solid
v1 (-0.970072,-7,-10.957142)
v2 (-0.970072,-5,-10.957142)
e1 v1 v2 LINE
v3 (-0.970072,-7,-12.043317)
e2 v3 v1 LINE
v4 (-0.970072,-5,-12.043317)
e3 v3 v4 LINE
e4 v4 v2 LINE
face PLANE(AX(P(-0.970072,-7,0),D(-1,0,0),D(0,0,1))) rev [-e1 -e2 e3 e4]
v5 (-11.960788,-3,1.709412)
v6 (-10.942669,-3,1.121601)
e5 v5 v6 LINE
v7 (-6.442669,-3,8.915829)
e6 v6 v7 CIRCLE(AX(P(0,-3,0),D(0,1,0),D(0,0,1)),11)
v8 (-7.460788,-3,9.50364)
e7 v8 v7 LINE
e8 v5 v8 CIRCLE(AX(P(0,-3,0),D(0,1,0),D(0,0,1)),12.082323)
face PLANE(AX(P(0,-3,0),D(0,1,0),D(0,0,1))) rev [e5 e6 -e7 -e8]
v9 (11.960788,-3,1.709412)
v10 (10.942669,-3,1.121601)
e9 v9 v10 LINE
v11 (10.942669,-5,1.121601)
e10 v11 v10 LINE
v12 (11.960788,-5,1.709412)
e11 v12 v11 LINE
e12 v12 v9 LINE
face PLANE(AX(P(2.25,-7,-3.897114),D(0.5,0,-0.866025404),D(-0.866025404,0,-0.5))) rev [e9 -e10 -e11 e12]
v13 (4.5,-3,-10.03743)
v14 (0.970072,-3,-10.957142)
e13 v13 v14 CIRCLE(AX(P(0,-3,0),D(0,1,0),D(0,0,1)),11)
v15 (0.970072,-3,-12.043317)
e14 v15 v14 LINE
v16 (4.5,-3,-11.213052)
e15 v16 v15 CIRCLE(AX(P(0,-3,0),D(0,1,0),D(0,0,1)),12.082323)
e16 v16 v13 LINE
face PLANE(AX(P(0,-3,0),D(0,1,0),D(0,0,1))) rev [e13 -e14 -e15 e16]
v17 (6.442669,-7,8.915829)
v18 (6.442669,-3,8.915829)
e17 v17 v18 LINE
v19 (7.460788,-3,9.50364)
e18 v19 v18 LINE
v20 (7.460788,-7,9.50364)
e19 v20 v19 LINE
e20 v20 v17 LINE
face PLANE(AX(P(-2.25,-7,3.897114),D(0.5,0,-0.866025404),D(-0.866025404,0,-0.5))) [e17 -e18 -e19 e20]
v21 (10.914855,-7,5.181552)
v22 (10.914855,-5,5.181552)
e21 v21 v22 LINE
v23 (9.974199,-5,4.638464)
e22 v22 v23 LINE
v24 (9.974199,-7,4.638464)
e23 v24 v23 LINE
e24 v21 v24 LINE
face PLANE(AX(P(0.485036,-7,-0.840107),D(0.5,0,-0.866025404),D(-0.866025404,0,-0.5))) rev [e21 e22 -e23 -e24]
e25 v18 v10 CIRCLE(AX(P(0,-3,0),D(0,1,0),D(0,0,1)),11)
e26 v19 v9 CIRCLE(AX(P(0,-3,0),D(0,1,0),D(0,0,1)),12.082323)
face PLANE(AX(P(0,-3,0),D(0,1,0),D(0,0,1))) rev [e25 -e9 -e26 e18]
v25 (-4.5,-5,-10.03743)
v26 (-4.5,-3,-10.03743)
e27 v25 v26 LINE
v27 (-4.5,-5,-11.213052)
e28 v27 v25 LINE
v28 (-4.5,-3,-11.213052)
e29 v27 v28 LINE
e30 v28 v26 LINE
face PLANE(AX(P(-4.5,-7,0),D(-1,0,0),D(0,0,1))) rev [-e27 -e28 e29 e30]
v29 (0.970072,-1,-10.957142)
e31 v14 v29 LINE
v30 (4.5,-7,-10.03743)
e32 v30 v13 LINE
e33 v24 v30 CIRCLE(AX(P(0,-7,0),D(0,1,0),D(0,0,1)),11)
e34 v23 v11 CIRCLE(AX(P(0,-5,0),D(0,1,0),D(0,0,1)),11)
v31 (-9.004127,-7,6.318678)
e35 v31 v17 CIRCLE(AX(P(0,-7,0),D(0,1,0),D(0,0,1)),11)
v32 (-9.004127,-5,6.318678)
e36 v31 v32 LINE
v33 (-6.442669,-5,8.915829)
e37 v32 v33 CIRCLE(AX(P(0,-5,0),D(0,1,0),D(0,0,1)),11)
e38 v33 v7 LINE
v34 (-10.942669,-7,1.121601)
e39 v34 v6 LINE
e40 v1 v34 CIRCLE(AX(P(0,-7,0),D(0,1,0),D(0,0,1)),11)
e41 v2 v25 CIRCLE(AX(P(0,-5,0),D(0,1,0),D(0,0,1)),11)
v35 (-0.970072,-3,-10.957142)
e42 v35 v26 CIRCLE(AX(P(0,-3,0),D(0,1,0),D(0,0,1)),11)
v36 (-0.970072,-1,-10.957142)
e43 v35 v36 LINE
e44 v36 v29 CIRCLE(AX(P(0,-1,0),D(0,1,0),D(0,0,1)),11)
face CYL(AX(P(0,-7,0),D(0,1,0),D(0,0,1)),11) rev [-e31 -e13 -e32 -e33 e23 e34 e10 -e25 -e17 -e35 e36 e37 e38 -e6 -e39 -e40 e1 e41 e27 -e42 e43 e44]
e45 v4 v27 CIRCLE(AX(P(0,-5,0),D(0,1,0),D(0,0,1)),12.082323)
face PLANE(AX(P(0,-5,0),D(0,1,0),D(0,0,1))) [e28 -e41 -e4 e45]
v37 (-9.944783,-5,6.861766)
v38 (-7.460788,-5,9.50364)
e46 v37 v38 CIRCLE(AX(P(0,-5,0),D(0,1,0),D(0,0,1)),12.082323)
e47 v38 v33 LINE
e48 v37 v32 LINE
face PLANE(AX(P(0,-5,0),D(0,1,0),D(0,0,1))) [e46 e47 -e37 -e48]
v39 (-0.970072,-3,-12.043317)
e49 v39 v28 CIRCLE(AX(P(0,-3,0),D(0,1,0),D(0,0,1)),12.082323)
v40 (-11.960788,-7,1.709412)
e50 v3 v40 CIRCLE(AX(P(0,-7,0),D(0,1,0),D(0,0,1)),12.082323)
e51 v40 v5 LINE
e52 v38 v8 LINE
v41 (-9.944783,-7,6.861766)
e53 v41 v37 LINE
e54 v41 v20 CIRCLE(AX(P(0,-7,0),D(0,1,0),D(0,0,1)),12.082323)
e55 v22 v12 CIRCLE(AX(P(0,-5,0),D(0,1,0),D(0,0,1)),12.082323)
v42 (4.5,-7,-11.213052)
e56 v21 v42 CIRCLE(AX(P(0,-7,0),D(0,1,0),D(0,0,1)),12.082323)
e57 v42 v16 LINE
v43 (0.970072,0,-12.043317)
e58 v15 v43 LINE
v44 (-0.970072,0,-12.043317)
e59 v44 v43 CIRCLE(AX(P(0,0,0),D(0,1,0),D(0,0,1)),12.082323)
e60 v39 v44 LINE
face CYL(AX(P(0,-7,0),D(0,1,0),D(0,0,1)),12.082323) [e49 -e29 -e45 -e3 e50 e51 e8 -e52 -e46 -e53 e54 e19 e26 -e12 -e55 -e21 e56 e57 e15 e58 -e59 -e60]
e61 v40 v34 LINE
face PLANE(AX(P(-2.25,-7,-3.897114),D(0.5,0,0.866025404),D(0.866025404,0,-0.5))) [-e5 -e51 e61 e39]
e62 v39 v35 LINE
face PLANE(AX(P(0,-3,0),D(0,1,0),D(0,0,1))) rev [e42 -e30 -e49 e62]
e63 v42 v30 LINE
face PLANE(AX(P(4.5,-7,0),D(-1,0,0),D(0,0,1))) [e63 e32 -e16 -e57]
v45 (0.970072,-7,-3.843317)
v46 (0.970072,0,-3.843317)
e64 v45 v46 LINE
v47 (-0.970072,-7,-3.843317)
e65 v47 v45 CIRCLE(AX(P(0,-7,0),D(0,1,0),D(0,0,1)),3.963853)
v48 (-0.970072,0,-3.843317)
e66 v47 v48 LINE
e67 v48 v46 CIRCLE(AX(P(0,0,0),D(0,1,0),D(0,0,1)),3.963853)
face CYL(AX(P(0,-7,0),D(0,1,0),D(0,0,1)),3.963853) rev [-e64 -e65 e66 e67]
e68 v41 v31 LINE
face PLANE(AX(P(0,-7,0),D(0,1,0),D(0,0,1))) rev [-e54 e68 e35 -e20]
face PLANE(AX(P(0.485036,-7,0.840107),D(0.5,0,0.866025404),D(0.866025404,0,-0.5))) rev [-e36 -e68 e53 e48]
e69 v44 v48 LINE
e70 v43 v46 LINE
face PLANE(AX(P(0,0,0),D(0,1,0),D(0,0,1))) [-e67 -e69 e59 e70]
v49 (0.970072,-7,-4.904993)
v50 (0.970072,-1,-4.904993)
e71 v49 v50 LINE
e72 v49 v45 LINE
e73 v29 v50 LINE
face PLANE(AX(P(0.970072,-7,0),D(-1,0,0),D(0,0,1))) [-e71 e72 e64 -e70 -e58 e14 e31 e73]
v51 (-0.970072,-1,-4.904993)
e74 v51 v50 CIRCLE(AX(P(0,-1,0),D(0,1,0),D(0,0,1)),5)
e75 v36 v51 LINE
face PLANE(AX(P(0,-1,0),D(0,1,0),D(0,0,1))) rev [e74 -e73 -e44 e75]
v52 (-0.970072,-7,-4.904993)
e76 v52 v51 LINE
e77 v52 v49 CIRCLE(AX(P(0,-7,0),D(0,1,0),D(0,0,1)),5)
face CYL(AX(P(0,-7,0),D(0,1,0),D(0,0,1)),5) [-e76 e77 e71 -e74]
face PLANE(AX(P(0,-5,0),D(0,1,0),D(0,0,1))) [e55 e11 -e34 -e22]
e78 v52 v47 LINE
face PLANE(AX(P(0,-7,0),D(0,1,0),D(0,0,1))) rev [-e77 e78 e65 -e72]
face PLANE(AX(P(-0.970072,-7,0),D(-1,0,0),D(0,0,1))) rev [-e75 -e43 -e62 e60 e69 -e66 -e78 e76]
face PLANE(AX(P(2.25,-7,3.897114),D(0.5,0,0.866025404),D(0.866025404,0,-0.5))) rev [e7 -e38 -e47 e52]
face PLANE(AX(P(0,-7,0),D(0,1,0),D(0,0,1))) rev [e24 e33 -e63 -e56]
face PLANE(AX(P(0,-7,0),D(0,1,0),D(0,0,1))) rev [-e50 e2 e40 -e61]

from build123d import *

# Parameters (mm, degrees)
BOSS_EXTRUDE3_DEPTH = 7
BOSS_EXTRUDE4_DEPTH = 1
BOSS_EXTRUDE5_DEPTH = 7
BOSS_EXTRUDE6_DEPTH = 3
BOSS_EXTRUDE7_START = -5
BOSS_EXTRUDE7_DEPTH = 2


with BuildPart() as part:
    # Sketch1 → Boss-Extrude3 (new body)
    with BuildSketch(Plane(origin=(0, 0, 0), x_dir=(1, 0, 0), z_dir=(0, 1, 0))):
        with BuildLine():
            Line((0.970071849, 4.904993436), (0.970071849, 3.843317436))
            ThreePointArc((0.970071849, 3.843317436), (0, -3.96385271), (-0.970071849, 3.843317436))
            Line((-0.970071849, 3.843317436), (-0.970071849, 4.904993436))
            ThreePointArc((-0.970071849, 4.904993436), (0, -5), (0.970071849, 4.904993436))
        make_face()
    extrude(amount=-BOSS_EXTRUDE3_DEPTH)

    # Sketch1<6> → Boss-Extrude4 (add)
    with BuildSketch(Plane(origin=(0, 0, 0), x_dir=(1, 0, 0), z_dir=(0, 1, 0))):
        with BuildLine():
            Line((0.970071849, 10.957141991), (0.970071849, 4.904993436))
            ThreePointArc((0.970071849, 4.904993436), (0, -5), (-0.970071849, 4.904993436))
            Line((-0.970071849, 4.904993436), (-0.970071849, 10.957141991))
            ThreePointArc((-0.970071849, 10.957141991), (0, -11), (0.970071849, 10.957141991))
        make_face()
    extrude(amount=-BOSS_EXTRUDE4_DEPTH)

    # Sketch1<7> → Boss-Extrude5 (add)
    with BuildSketch(Plane(origin=(0, 0, 0), x_dir=(1, 0, 0), z_dir=(0, 1, 0))):
        with BuildLine():
            ThreePointArc((-7.460787851, -9.503640297), (0, -12.082323214), (7.460787851, -9.503640297))
            Line((7.460787851, -9.503640297), (6.442669325, -8.915829292))
            ThreePointArc((6.442669325, -8.915829292), (0, -11), (-6.442669325, -8.915829292))
            Line((-6.442669325, -8.915829292), (-7.460787851, -9.503640297))
        make_face()
        with BuildLine():
            Line((10.942669325, -1.121600658), (11.960787851, -1.709411663))
            ThreePointArc((11.960787851, -1.709411663), (12.051901073, -0.856863332), (12.082323214, 0))
            ThreePointArc((12.082323214, 0), (10.008820827, 6.768015949), (4.5, 11.21305196))
            Line((4.5, 11.21305196), (4.5, 10.03742995))
            ThreePointArc((4.5, 10.03742995), (9.233092656, 5.979130372), (11, 0))
            ThreePointArc((11, 0), (10.985657982, -0.561532466), (10.942669325, -1.121600658))
        make_face()
        with BuildLine():
            ThreePointArc((-4.5, 11.21305196), (-10.46359884, 6.041161607), (-11.960787851, -1.709411663))
            Line((-11.960787851, -1.709411663), (-10.942669325, -1.121600658))
            ThreePointArc((-10.942669325, -1.121600658), (-9.526279442, 5.5), (-4.5, 10.03742995))
            Line((-4.5, 10.03742995), (-4.5, 11.21305196))
        make_face()
    extrude(amount=-BOSS_EXTRUDE5_DEPTH)

    # Sketch1<8> → Boss-Extrude6 (add)
    with BuildSketch(Plane(origin=(0, 0, 0), x_dir=(1, 0, 0), z_dir=(0, 1, 0))):
        with BuildLine():
            Line((11.960787851, -1.709411663), (10.942669325, -1.121600658))
            ThreePointArc((10.942669325, -1.121600658), (9.526279442, -5.5), (6.442669325, -8.915829292))
            Line((6.442669325, -8.915829292), (7.460787851, -9.503640297))
            ThreePointArc((7.460787851, -9.503640297), (10.46359884, -6.041161607), (11.960787851, -1.709411663))
        make_face()
        with BuildLine():
            Line((4.5, 10.03742995), (4.5, 11.21305196))
            ThreePointArc((4.5, 11.21305196), (2.766361636, 11.761368014), (0.970071849, 12.043317436))
            Line((0.970071849, 12.043317436), (0.970071849, 10.957141991))
            ThreePointArc((0.970071849, 10.957141991), (2.773425512, 10.644628267), (4.5, 10.03742995))
        make_face()
        with BuildLine():
            Line((-7.460787851, -9.503640297), (-6.442669325, -8.915829292))
            ThreePointArc((-6.442669325, -8.915829292), (-9.526279442, -5.5), (-10.942669325, -1.121600658))
            Line((-10.942669325, -1.121600658), (-11.960787851, -1.709411663))
            ThreePointArc((-11.960787851, -1.709411663), (-10.46359884, -6.041161607), (-7.460787851, -9.503640297))
        make_face()
        with BuildLine():
            Line((-0.970071849, 10.957141991), (-0.970071849, 12.043317436))
            ThreePointArc((-0.970071849, 12.043317436), (-2.766361636, 11.761368014), (-4.5, 11.21305196))
            Line((-4.5, 11.21305196), (-4.5, 10.03742995))
            ThreePointArc((-4.5, 10.03742995), (-2.773425512, 10.644628267), (-0.970071849, 10.957141991))
        make_face()
    extrude(amount=-BOSS_EXTRUDE6_DEPTH)

    # Sketch1<9> → Boss-Extrude7 (add)
    with BuildSketch(Plane(origin=(0, 0, 0), x_dir=(1, 0, 0), z_dir=(0, 1, 0)).offset(BOSS_EXTRUDE7_START)):
        with BuildLine():
            ThreePointArc((-9.944782921, -6.861765583), (-8.802462665, -8.276423459), (-7.460787851, -9.503640297))
            Line((-7.460787851, -9.503640297), (-6.442669325, -8.915829292))
            ThreePointArc((-6.442669325, -8.915829292), (-7.831805737, -7.724171082), (-9.004127392, -6.31867786))
            Line((-9.004127392, -6.31867786), (-9.944782921, -6.861765583))
        make_face()
        with BuildLine():
            ThreePointArc((10.91485477, -5.181551853), (11.568824301, -3.484944554), (11.960787851, -1.709411663))
            Line((11.960787851, -1.709411663), (10.942669325, -1.121600658))
            ThreePointArc((10.942669325, -1.121600658), (10.605231248, -2.920457185), (9.974199241, -4.638464131))
            Line((9.974199241, -4.638464131), (10.91485477, -5.181551853))
        make_face()
        with BuildLine():
            Line((-0.970071849, 10.957141991), (-0.970071849, 12.043317436))
            ThreePointArc((-0.970071849, 12.043317436), (-2.766361636, 11.761368014), (-4.5, 11.21305196))
            Line((-4.5, 11.21305196), (-4.5, 10.03742995))
            ThreePointArc((-4.5, 10.03742995), (-2.773425512, 10.644628267), (-0.970071849, 10.957141991))
        make_face()
    extrude(amount=-BOSS_EXTRUDE7_DEPTH)


solid = part.part
